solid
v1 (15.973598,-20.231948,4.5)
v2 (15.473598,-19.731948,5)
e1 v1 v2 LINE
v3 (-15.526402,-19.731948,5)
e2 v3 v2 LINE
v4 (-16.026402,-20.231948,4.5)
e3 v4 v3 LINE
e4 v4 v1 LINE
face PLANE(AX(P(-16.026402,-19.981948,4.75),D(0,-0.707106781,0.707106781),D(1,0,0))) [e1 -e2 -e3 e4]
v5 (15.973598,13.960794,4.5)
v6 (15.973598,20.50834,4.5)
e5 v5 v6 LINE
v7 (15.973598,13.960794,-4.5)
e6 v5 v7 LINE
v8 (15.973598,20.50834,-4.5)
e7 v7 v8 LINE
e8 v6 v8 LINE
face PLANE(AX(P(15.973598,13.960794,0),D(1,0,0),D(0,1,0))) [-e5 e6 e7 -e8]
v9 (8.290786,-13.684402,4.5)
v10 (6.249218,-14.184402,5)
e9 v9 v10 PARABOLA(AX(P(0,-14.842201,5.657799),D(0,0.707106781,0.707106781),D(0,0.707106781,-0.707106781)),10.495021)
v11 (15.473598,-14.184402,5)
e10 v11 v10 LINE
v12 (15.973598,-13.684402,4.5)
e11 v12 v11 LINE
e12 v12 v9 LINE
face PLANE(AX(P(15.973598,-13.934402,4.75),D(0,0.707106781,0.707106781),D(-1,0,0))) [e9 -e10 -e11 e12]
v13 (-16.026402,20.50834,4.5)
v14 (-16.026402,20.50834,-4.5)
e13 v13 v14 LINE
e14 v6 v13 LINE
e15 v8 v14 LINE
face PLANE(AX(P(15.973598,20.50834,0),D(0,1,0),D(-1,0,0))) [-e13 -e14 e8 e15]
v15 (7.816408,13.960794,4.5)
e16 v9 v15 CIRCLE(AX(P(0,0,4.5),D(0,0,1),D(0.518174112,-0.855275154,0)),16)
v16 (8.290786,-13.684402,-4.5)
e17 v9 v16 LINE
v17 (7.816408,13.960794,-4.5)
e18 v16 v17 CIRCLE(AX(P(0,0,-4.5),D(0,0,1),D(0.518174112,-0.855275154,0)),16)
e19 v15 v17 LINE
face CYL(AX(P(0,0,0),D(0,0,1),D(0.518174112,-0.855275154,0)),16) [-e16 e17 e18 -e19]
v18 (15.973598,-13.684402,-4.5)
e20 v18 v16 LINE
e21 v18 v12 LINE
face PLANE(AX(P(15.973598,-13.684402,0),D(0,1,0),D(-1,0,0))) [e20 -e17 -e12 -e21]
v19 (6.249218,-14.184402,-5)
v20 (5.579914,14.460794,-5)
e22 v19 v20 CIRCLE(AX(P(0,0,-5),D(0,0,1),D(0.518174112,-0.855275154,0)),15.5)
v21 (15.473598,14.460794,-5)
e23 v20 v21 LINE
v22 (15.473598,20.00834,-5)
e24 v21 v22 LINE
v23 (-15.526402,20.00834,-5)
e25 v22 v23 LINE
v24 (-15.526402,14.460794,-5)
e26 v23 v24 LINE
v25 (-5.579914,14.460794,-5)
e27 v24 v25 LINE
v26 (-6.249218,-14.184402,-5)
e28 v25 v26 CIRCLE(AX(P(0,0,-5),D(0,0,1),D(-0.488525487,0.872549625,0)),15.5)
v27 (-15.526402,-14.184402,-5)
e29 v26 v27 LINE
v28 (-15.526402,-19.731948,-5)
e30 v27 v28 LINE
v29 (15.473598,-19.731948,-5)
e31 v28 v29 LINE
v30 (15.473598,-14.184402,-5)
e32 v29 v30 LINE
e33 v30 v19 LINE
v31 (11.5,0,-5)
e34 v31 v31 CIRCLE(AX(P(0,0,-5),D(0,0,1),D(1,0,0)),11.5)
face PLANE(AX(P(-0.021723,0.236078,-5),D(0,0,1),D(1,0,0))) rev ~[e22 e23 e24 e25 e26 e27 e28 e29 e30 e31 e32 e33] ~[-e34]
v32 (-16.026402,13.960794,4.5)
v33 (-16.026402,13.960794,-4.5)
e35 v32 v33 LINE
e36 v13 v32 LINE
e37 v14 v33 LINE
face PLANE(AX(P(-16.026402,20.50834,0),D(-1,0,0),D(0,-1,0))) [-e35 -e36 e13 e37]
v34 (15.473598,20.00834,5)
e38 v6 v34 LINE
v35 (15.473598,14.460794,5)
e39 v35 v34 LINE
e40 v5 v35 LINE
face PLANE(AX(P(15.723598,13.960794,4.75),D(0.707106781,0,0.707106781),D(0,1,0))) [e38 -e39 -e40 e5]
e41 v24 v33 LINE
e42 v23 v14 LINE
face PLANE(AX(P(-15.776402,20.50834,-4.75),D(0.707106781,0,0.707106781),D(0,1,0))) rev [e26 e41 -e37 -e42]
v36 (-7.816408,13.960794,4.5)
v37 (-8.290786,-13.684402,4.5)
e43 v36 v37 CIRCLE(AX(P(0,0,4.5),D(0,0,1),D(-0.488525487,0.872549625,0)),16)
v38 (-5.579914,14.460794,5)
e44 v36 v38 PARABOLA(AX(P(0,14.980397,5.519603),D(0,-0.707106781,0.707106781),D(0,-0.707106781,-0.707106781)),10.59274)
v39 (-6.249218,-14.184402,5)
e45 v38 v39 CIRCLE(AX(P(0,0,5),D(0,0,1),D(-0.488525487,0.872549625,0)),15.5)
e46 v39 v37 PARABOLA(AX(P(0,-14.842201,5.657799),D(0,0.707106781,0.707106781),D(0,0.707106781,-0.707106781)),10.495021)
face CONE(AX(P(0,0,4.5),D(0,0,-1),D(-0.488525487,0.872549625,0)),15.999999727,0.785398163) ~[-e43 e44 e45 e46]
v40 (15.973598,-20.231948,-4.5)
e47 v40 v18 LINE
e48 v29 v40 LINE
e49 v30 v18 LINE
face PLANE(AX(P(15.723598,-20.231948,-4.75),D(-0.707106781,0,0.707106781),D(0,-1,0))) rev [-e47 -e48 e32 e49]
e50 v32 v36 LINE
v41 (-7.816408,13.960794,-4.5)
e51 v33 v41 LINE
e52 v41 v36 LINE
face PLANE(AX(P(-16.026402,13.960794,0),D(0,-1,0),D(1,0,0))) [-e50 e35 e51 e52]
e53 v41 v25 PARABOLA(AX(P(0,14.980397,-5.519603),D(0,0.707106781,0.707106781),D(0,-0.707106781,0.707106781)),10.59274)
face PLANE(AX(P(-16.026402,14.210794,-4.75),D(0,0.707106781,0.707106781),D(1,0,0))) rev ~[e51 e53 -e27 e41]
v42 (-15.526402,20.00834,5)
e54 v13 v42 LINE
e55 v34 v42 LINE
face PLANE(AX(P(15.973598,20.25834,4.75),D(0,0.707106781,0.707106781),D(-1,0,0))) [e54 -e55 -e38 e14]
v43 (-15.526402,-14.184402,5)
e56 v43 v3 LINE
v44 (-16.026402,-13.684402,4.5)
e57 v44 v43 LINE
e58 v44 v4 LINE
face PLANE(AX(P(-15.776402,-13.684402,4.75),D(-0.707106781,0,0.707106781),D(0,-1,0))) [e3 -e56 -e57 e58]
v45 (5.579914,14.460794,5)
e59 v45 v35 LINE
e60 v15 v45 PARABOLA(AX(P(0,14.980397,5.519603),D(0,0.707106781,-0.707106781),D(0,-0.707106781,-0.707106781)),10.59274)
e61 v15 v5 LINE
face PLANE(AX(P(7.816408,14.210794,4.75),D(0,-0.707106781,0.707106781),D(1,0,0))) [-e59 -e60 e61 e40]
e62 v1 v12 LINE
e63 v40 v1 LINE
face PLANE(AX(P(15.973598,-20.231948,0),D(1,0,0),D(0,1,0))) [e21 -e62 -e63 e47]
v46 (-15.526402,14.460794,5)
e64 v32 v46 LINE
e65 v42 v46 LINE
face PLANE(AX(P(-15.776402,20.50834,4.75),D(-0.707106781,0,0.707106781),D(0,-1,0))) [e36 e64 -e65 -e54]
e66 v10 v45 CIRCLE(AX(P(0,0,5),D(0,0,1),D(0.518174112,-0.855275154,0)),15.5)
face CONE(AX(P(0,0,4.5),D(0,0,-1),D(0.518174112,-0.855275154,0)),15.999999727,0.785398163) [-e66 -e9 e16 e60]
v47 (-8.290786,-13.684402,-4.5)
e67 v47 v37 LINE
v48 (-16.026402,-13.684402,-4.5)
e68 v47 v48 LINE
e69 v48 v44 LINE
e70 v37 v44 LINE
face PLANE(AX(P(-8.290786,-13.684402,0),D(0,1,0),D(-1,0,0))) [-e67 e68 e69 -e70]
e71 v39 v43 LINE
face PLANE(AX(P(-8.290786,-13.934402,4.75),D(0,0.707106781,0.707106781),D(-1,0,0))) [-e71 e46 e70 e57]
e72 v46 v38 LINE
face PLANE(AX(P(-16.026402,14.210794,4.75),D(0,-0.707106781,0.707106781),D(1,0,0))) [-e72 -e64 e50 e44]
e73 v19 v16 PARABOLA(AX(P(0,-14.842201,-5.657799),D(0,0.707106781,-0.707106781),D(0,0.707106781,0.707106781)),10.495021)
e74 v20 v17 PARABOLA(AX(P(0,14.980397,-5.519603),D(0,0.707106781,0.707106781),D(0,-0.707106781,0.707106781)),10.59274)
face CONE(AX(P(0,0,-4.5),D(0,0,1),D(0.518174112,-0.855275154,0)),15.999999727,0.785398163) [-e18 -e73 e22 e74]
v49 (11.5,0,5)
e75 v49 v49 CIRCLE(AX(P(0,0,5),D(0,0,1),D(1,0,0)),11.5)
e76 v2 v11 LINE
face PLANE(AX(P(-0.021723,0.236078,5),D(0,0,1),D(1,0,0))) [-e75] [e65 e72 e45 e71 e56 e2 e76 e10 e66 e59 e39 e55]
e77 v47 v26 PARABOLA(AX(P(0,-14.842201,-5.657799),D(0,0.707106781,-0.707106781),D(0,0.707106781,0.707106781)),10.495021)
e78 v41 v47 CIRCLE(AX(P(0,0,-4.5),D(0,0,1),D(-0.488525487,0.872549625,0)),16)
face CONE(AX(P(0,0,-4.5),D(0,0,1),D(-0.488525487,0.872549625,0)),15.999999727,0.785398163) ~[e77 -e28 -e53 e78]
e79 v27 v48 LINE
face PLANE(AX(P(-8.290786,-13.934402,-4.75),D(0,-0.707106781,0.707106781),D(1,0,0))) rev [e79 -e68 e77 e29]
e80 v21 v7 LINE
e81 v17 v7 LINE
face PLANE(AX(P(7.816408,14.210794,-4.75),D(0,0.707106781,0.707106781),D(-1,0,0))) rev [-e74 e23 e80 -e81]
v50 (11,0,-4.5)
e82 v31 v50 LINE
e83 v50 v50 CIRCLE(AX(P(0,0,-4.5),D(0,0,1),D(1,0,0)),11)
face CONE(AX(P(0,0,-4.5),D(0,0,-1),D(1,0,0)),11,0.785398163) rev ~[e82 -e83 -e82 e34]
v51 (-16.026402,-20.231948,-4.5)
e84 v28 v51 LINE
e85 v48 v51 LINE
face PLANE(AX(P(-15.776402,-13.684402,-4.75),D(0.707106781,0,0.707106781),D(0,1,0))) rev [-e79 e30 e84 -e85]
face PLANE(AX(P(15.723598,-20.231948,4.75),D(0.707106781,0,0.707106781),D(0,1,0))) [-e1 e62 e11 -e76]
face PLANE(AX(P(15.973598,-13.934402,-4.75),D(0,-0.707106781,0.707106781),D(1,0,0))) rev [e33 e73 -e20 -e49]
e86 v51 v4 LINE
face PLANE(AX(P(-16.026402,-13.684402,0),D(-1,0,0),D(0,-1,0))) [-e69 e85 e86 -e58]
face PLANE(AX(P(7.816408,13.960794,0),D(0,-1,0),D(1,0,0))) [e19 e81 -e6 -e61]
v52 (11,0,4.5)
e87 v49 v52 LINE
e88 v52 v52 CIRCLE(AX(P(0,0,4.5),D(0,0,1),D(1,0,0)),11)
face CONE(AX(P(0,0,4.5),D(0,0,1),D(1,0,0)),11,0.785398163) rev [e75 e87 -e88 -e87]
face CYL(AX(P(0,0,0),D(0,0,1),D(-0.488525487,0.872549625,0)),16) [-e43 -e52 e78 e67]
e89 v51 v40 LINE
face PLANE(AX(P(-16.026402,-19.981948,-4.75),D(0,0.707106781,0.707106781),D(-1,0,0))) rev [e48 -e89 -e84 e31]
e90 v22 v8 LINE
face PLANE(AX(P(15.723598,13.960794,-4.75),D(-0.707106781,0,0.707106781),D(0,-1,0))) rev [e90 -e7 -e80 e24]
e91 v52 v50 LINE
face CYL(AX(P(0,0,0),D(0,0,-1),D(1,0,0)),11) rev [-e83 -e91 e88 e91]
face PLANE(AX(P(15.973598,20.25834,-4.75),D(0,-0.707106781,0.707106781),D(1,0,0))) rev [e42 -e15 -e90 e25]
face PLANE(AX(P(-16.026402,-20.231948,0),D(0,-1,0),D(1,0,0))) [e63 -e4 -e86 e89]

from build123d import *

# Parameters (mm, degrees)
F0_R     = 11
F1_DEPTH = 5
F2_SIZE2 = 0.5
F2_SIZE  = 0.5
F3_SIZE2 = 0.5
F3_SIZE  = 0.5


with BuildPart() as f1:
    # F0 (on Top) → F1 (new body, symmetric)
    with BuildSketch(Plane.XY):
        with BuildLine():
            Line((-16.026402, 13.960794), (-7.816408, 13.960794))
            ThreePointArc((-7.816408, 13.960794), (-15.997645, 0.274512), (-8.290786, -13.684402))
            Line((-8.290786, -13.684402), (-16.026402, -13.684402))
            Line((-16.026402, -13.684402), (-16.026402, -20.231948))
            Line((-16.026402, -20.231948), (15.973598, -20.231948))
            Line((15.973598, -20.231948), (15.973598, -13.684402))
            Line((15.973598, -13.684402), (8.290786, -13.684402))
            ThreePointArc((8.290786, -13.684402), (15.997645, 0.274512), (7.816408, 13.960794))
            Line((7.816408, 13.960794), (15.973598, 13.960794))
            Line((15.973598, 13.960794), (15.973598, 20.50834))
            Line((15.973598, 20.50834), (-16.026402, 20.50834))
            Line((-16.026402, 20.50834), (-16.026402, 13.960794))
        make_face()
        Circle(F0_R, mode=Mode.SUBTRACT)
    extrude(amount=F1_DEPTH, both=True)

    # F2
    f2_edges = [f1.edges().sort_by_distance(p)[0] for p in [
        (15.973598, 17.234567, 5),
        (-0.026402, 20.50834, 5),
        (-16.026402, 17.234567, 5),
        (-11.921405, 13.960794, 5),
        (-15.997645, 0.274512, 5),
        (-12.158594, -13.684402, 5),
        (-16.026402, -16.958175, 5),
        (-0.026402, -20.231948, 5),
        (15.973598, -16.958175, 5),
        (12.132192, -13.684402, 5),
        (15.997645, 0.274512, 5),
        (11.895003, 13.960794, 5),
        (-11, 0, 5),
    ]]
    chamfer(f2_edges, length=F2_SIZE, length2=F2_SIZE2)

    # F3
    f3_edges = [f1.edges().sort_by_distance(p)[0] for p in [
        (15.973598, 17.234567, -5),
        (-0.026402, 20.50834, -5),
        (-16.026402, 17.234567, -5),
        (-11.921405, 13.960794, -5),
        (-15.997645, 0.274512, -5),
        (-12.158594, -13.684402, -5),
        (-16.026402, -16.958175, -5),
        (-0.026402, -20.231948, -5),
        (15.973598, -16.958175, -5),
        (12.132192, -13.684402, -5),
        (15.997645, 0.274512, -5),
        (11.895003, 13.960794, -5),
        (-11, 0, -5),
    ]]
    chamfer(f3_edges, length=F3_SIZE, length2=F3_SIZE2)


solid = f1.part
